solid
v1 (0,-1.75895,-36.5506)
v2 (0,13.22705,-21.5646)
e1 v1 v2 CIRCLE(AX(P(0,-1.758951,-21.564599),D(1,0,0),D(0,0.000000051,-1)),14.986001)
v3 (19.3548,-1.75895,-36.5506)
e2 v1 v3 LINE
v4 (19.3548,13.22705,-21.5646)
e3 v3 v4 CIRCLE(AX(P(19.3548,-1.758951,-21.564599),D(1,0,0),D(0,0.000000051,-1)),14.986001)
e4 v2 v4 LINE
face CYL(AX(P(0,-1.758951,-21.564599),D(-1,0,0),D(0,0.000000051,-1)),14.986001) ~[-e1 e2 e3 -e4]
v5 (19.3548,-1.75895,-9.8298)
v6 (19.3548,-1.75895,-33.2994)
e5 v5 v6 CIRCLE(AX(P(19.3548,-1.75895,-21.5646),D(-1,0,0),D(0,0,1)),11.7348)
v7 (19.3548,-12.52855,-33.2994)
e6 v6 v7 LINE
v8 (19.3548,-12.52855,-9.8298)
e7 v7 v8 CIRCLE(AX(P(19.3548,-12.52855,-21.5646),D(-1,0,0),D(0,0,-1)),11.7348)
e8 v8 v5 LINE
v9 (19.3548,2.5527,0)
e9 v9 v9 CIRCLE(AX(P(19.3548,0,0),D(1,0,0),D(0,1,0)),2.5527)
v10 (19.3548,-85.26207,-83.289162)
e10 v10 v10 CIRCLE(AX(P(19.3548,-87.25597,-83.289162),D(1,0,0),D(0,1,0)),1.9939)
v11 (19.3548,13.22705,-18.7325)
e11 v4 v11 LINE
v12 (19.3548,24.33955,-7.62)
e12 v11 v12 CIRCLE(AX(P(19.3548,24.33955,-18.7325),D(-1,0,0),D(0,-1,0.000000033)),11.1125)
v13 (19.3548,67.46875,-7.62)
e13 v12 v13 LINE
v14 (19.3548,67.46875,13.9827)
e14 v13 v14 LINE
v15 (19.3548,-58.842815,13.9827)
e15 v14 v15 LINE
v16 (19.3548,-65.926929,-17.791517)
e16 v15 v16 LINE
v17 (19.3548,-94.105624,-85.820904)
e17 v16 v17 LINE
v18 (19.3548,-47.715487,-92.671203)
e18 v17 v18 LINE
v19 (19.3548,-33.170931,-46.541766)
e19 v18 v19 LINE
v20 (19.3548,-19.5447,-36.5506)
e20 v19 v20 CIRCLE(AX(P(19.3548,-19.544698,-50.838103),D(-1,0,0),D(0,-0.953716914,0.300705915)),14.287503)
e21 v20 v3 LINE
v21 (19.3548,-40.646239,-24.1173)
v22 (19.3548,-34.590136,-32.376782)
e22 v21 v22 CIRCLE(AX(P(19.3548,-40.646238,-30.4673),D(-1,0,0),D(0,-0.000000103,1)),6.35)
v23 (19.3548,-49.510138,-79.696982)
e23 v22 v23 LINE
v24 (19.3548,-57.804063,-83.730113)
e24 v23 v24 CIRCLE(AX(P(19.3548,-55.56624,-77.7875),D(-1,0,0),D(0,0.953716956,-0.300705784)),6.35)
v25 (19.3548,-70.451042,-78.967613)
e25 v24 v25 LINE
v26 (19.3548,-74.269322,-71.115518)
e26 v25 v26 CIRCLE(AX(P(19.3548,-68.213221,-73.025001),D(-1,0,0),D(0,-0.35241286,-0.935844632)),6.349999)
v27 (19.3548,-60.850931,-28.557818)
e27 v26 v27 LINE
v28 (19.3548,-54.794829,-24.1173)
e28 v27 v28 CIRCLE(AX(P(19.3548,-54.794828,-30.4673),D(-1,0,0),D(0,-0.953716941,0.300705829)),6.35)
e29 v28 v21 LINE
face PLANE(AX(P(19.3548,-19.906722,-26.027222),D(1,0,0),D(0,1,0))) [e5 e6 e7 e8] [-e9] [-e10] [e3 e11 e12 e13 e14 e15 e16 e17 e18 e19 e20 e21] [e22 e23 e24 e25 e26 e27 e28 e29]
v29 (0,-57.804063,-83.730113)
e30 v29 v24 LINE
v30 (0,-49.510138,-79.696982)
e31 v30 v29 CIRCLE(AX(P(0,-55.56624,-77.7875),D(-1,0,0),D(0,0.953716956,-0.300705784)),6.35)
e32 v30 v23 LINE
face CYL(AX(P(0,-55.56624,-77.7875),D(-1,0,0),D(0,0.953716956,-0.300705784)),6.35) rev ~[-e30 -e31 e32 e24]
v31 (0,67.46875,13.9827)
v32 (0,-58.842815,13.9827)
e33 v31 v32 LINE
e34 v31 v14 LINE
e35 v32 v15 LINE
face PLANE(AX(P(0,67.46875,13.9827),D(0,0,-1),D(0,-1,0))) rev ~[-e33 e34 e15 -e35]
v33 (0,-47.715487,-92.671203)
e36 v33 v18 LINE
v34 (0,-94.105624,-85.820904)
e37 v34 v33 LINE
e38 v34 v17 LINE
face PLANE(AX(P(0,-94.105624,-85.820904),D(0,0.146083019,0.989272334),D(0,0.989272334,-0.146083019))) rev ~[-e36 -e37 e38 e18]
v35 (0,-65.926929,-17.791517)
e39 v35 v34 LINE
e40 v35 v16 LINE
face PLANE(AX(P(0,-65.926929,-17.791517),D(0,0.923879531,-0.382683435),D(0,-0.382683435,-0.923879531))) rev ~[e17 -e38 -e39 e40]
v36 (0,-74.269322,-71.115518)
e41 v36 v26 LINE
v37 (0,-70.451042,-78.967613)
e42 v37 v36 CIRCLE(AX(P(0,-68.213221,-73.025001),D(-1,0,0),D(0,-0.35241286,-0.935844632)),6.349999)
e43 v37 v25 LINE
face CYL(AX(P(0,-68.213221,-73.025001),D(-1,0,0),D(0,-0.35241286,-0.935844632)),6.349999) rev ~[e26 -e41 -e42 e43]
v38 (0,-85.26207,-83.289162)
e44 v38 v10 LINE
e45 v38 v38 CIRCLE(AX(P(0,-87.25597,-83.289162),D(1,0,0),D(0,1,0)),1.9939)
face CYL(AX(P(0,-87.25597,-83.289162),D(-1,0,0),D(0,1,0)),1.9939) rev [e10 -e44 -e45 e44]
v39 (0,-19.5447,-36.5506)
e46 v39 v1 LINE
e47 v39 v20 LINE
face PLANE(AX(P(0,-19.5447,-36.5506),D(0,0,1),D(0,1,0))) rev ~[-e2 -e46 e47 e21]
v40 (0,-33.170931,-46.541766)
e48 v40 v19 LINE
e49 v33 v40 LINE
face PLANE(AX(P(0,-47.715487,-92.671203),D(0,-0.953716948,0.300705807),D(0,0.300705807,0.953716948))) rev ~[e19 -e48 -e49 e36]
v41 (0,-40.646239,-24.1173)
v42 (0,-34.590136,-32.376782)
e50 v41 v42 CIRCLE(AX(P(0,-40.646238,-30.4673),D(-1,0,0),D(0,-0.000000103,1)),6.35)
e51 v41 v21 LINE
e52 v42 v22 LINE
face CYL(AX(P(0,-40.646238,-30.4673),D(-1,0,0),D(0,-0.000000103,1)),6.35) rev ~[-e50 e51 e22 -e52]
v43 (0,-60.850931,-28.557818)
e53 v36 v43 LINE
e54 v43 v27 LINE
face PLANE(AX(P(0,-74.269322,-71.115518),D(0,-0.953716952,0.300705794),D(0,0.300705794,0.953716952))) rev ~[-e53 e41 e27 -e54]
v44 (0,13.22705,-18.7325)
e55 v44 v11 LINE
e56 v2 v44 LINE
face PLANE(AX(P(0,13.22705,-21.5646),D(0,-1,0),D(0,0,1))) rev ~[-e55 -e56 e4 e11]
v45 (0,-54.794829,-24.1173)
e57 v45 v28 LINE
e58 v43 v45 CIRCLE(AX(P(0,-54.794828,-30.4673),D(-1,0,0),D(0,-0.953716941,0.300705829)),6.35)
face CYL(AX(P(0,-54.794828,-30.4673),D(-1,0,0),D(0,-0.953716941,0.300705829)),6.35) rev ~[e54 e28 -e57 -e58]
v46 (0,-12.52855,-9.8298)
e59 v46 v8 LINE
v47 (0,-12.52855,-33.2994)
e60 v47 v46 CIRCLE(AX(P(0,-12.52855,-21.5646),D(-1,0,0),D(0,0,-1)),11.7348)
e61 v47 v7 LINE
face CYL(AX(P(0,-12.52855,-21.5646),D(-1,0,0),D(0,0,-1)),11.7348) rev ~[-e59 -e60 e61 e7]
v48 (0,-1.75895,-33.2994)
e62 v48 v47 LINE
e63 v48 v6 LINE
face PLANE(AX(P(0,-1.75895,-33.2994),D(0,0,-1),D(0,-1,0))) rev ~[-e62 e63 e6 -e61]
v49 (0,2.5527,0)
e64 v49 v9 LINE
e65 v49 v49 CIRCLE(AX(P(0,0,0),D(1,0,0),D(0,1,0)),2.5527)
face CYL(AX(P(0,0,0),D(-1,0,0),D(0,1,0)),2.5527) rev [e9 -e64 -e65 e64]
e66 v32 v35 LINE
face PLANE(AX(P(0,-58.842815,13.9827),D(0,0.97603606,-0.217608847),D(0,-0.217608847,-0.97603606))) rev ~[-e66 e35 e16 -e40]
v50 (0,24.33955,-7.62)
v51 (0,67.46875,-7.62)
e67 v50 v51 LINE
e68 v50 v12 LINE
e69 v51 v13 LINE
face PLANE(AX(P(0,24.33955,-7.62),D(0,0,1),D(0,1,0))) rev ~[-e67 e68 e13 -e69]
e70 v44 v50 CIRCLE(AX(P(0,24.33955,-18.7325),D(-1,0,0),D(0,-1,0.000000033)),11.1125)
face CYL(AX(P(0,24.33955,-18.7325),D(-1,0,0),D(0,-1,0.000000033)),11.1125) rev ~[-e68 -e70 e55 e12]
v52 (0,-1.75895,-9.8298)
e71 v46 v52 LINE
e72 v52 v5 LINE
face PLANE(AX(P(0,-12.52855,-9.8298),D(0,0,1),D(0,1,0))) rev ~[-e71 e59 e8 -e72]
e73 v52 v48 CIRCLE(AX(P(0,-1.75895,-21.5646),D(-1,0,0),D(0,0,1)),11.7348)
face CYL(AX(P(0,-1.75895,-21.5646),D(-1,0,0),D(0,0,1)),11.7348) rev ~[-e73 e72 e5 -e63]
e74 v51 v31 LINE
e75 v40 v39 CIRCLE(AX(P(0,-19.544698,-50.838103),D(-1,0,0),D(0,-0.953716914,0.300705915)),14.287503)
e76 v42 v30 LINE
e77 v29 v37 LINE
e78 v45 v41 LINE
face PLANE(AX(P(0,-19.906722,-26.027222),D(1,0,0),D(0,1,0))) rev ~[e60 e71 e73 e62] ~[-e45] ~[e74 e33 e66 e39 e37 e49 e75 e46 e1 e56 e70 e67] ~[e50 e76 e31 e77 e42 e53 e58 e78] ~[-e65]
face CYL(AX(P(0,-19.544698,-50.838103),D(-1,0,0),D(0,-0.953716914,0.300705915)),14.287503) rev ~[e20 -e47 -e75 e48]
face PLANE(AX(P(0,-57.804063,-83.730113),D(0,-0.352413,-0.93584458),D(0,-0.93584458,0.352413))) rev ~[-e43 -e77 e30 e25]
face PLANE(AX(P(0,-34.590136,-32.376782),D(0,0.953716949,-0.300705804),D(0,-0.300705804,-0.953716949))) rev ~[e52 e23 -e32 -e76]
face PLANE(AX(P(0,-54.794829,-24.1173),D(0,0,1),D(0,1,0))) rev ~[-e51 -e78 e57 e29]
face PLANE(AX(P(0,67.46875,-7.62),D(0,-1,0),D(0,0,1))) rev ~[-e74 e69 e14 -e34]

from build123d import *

# Parameters (mm, degrees)
F0_R     = 1.9939
F0_R_2   = 2.5527
F1_DEPTH = 19.3548


with BuildPart() as f1:
    # F0 (on Right) → F1 (new body)
    with BuildSketch(Plane.YZ):
        with BuildLine():
            Line((-94.105624, -85.820904), (-47.715487, -92.671203))
            Line((-47.715487, -92.671203), (-33.170931, -46.541766))
            ThreePointArc((-33.170931, -46.541766), (-27.993036, -39.316023), (-19.5447, -36.5506))
            Line((-19.5447, -36.5506), (-1.75895, -36.5506))
            ThreePointArc((-1.75895, -36.5506), (8.837752, -32.161302), (13.22705, -21.5646))
            Line((13.22705, -21.5646), (13.22705, -18.7325))
            ThreePointArc((13.22705, -18.7325), (16.481826, -10.874776), (24.33955, -7.62))
            Line((24.33955, -7.62), (67.46875, -7.62))
            Line((67.46875, -7.62), (67.46875, 13.9827))
            Line((67.46875, 13.9827), (-58.842815, 13.9827))
            Line((-58.842815, 13.9827), (-65.926929, -17.791517))
            Line((-65.926929, -17.791517), (-94.105624, -85.820904))
        make_face()
        with Locations((-87.25597, -83.289162)):
            Circle(F0_R, mode=Mode.SUBTRACT)
        with BuildLine():
            ThreePointArc((-60.850931, -28.557818), (-58.549645, -25.346377), (-54.794829, -24.1173))
            Line((-54.794829, -24.1173), (-40.646239, -24.1173))
            ThreePointArc((-40.646239, -24.1173), (-35.525315, -26.712484), (-34.590136, -32.376782))
            Line((-34.590136, -32.376782), (-49.510138, -79.696982))
            ThreePointArc((-49.510138, -79.696982), (-52.789308, -83.498117), (-57.804063, -83.730113))
            Line((-57.804063, -83.730113), (-70.451042, -78.967613))
            ThreePointArc((-70.451042, -78.967613), (-73.923837, -75.801932), (-74.269322, -71.115518))
            Line((-74.269322, -71.115518), (-60.850931, -28.557818))
        make_face(mode=Mode.SUBTRACT)
        with BuildLine():
            ThreePointArc((-12.52855, -33.2994), (-24.26335, -21.5646), (-12.52855, -9.8298))
            Line((-12.52855, -9.8298), (-1.75895, -9.8298))
            ThreePointArc((-1.75895, -9.8298), (9.97585, -21.5646), (-1.75895, -33.2994))
            Line((-1.75895, -33.2994), (-12.52855, -33.2994))
        make_face(mode=Mode.SUBTRACT)
        Circle(F0_R_2, mode=Mode.SUBTRACT)
    extrude(amount=F1_DEPTH)


solid = f1.part
